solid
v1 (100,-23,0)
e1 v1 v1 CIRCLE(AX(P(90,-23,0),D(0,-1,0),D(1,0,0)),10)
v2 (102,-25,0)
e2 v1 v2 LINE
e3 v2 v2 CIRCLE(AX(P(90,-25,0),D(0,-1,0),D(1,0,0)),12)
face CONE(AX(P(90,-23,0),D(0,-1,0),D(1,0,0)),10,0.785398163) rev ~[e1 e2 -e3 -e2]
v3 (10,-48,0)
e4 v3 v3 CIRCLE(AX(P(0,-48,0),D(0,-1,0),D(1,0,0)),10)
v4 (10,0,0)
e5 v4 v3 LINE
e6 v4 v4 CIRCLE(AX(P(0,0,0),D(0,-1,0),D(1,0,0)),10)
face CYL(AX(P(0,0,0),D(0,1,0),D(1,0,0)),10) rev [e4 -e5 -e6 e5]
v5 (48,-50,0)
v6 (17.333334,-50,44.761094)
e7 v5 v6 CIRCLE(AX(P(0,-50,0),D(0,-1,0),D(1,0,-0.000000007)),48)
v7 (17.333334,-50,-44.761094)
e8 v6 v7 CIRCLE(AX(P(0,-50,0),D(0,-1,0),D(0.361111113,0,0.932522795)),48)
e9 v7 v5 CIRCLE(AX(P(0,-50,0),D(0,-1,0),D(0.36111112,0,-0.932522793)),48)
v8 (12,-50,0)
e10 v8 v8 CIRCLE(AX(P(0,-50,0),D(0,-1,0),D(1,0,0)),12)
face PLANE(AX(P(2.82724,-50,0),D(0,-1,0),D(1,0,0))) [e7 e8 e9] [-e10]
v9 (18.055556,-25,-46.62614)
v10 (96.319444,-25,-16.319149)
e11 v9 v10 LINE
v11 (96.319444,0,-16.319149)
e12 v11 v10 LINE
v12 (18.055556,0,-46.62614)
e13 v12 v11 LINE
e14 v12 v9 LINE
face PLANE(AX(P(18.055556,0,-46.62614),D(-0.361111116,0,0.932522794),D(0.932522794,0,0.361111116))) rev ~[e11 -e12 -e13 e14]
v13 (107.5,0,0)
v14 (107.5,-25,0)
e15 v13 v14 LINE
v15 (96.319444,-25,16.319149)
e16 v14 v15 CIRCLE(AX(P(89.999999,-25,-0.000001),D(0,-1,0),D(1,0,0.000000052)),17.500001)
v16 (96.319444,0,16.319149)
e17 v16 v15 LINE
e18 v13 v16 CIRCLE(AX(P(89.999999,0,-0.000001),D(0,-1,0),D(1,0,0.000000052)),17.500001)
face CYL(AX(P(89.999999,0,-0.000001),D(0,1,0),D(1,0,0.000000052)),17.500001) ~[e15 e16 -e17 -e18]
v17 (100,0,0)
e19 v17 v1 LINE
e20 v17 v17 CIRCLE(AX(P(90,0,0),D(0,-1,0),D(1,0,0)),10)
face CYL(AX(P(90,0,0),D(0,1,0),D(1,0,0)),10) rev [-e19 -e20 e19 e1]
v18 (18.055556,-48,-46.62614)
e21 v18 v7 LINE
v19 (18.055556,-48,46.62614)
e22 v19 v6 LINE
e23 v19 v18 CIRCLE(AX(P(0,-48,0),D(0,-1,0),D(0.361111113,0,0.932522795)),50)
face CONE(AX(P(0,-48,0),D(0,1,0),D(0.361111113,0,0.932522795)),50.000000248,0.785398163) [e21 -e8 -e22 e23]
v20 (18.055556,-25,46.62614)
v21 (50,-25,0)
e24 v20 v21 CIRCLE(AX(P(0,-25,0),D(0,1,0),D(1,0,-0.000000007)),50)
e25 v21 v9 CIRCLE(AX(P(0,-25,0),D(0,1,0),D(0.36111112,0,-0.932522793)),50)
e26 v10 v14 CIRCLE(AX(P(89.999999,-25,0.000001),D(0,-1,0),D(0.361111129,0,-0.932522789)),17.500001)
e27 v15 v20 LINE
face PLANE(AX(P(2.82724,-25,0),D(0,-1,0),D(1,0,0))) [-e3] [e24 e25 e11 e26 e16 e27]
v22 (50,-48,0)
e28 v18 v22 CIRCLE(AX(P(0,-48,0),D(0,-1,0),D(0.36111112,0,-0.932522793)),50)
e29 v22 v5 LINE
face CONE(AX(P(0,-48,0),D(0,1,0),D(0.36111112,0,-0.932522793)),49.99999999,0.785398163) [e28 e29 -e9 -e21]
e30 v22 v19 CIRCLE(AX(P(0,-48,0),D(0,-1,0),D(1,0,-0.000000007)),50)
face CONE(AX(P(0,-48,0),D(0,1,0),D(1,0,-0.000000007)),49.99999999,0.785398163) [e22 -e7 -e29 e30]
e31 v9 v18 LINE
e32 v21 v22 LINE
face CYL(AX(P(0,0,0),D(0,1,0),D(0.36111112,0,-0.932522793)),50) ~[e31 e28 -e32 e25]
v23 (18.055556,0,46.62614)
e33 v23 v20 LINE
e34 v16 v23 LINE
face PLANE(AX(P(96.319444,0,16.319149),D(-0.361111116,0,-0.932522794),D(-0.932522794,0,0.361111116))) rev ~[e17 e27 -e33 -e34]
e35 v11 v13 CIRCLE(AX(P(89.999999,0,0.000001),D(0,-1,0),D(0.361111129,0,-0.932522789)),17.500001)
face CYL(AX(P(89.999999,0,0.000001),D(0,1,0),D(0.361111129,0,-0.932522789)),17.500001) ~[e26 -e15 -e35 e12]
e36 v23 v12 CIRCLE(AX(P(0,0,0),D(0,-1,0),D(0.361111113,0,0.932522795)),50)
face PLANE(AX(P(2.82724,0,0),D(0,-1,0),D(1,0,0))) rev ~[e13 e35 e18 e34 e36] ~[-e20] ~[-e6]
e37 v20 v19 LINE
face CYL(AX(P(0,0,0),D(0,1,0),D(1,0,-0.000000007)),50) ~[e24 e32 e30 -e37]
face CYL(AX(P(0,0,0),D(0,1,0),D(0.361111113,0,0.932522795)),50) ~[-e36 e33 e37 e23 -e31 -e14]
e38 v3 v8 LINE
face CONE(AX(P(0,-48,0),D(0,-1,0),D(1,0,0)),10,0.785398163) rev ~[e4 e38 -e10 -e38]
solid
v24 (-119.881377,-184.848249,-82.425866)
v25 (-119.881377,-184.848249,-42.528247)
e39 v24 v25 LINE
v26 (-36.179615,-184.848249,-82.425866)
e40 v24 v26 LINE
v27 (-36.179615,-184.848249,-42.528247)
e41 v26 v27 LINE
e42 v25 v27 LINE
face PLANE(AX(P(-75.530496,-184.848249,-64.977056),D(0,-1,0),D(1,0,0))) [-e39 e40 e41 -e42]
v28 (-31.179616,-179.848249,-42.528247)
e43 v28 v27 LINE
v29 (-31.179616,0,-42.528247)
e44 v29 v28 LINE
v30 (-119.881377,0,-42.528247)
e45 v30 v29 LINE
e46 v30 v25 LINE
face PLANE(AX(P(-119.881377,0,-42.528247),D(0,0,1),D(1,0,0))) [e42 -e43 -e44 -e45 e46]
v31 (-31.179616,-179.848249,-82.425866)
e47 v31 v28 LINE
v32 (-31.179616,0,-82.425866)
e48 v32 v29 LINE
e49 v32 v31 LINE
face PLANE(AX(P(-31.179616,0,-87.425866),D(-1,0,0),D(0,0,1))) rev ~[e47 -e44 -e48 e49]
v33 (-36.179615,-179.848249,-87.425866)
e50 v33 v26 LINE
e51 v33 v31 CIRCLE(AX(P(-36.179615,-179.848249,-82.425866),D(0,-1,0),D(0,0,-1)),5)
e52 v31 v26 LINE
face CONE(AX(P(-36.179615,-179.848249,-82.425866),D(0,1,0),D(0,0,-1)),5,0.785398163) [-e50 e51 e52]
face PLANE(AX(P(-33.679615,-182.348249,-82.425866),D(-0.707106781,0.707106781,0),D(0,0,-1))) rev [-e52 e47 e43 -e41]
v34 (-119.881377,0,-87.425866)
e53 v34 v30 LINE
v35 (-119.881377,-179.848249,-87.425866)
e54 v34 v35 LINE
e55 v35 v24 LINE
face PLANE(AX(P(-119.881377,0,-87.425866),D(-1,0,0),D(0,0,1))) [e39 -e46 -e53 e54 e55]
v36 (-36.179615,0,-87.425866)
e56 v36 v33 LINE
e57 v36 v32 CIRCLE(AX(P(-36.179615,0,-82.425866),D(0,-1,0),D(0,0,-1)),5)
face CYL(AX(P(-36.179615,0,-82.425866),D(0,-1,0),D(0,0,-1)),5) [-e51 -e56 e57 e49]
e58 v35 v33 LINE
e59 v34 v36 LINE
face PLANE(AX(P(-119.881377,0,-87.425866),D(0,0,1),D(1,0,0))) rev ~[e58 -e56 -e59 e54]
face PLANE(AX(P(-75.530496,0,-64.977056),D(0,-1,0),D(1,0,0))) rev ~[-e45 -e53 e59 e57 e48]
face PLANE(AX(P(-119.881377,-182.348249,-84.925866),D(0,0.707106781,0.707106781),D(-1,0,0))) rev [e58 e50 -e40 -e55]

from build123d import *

# Parameters (mm, degrees)
F0_R     = 10
F1_DEPTH = 25
F2_DEPTH = 50
F3_SIZE  = 2
F4_W     = 88.701761
F4_H     = 44.897619
F5_DEPTH = 184.848249
F6_R     = 5
F7_SIZE  = 5


with BuildPart() as f1:
    # F0 (on Front) → F1 (new body)
    with BuildSketch(Plane.XZ):
        with BuildLine():
            ThreePointArc((18.055556, -46.62614), (41.247896, -28.259708), (50, 0))
            ThreePointArc((50, 0), (41.247896, 28.259708), (18.055556, 46.62614))
            ThreePointArc((18.055556, 46.62614), (-50, 0), (18.055556, -46.62614))
        make_face()
        Circle(F0_R, mode=Mode.SUBTRACT)
        with BuildLine():
            ThreePointArc((18.055556, 46.62614), (41.247896, 28.259708), (50, 0))
            ThreePointArc((50, 0), (41.247896, -28.259708), (18.055556, -46.62614))
            Line((18.055556, -46.62614), (96.319444, -16.319149))
            ThreePointArc((96.319444, -16.319149), (72.5, 0), (96.319444, 16.319149))
            Line((96.319444, 16.319149), (18.055556, 46.62614))
        make_face()
        with BuildLine():
            ThreePointArc((107.5, 0), (104.436763, 9.890898), (96.319444, 16.319149))
            ThreePointArc((96.319444, 16.319149), (72.5, 0), (96.319444, -16.319149))
            ThreePointArc((96.319444, -16.319149), (104.436763, -9.890898), (107.5, 0))
        make_face()
        with Locations((90, 0)):
            Circle(F0_R, mode=Mode.SUBTRACT)
    extrude(amount=F1_DEPTH)

    # F0 (on Front) → F2 (join)
    with BuildSketch(Plane.XZ):
        with BuildLine():
            ThreePointArc((18.055556, -46.62614), (41.247896, -28.259708), (50, 0))
            ThreePointArc((50, 0), (41.247896, 28.259708), (18.055556, 46.62614))
            ThreePointArc((18.055556, 46.62614), (-50, 0), (18.055556, -46.62614))
        make_face()
        Circle(F0_R, mode=Mode.SUBTRACT)
    extrude(amount=F2_DEPTH)

    # F3
    f3_edges = [f1.edges().sort_by_distance(p)[0] for p in [
        (-18.055556, -50, 46.62614),
        (-10, -50, 0),
        (80, -25, 0),
    ]]
    chamfer(f3_edges, length=F3_SIZE)


with BuildPart() as f5:
    # F4 (on face) → F5 (new body)
    with BuildSketch(Plane.XZ):
        with Locations((-75.530496, -64.977056)):
            Rectangle(F4_W, F4_H)
    extrude(amount=F5_DEPTH)

    # F6
    f6_edges = [f5.edges().sort_by_distance(p)[0] for p in [
        (-31.179616, -92.424124, -87.425865),
    ]]
    fillet(f6_edges, radius=F6_R)

    # F7
    f7_edges = [f5.edges().sort_by_distance(p)[0] for p in [
        (-78.030496, -184.848249, -87.425865),
    ]]
    chamfer(f7_edges, length=F7_SIZE)


solid = Compound([f1.part, f5.part])
